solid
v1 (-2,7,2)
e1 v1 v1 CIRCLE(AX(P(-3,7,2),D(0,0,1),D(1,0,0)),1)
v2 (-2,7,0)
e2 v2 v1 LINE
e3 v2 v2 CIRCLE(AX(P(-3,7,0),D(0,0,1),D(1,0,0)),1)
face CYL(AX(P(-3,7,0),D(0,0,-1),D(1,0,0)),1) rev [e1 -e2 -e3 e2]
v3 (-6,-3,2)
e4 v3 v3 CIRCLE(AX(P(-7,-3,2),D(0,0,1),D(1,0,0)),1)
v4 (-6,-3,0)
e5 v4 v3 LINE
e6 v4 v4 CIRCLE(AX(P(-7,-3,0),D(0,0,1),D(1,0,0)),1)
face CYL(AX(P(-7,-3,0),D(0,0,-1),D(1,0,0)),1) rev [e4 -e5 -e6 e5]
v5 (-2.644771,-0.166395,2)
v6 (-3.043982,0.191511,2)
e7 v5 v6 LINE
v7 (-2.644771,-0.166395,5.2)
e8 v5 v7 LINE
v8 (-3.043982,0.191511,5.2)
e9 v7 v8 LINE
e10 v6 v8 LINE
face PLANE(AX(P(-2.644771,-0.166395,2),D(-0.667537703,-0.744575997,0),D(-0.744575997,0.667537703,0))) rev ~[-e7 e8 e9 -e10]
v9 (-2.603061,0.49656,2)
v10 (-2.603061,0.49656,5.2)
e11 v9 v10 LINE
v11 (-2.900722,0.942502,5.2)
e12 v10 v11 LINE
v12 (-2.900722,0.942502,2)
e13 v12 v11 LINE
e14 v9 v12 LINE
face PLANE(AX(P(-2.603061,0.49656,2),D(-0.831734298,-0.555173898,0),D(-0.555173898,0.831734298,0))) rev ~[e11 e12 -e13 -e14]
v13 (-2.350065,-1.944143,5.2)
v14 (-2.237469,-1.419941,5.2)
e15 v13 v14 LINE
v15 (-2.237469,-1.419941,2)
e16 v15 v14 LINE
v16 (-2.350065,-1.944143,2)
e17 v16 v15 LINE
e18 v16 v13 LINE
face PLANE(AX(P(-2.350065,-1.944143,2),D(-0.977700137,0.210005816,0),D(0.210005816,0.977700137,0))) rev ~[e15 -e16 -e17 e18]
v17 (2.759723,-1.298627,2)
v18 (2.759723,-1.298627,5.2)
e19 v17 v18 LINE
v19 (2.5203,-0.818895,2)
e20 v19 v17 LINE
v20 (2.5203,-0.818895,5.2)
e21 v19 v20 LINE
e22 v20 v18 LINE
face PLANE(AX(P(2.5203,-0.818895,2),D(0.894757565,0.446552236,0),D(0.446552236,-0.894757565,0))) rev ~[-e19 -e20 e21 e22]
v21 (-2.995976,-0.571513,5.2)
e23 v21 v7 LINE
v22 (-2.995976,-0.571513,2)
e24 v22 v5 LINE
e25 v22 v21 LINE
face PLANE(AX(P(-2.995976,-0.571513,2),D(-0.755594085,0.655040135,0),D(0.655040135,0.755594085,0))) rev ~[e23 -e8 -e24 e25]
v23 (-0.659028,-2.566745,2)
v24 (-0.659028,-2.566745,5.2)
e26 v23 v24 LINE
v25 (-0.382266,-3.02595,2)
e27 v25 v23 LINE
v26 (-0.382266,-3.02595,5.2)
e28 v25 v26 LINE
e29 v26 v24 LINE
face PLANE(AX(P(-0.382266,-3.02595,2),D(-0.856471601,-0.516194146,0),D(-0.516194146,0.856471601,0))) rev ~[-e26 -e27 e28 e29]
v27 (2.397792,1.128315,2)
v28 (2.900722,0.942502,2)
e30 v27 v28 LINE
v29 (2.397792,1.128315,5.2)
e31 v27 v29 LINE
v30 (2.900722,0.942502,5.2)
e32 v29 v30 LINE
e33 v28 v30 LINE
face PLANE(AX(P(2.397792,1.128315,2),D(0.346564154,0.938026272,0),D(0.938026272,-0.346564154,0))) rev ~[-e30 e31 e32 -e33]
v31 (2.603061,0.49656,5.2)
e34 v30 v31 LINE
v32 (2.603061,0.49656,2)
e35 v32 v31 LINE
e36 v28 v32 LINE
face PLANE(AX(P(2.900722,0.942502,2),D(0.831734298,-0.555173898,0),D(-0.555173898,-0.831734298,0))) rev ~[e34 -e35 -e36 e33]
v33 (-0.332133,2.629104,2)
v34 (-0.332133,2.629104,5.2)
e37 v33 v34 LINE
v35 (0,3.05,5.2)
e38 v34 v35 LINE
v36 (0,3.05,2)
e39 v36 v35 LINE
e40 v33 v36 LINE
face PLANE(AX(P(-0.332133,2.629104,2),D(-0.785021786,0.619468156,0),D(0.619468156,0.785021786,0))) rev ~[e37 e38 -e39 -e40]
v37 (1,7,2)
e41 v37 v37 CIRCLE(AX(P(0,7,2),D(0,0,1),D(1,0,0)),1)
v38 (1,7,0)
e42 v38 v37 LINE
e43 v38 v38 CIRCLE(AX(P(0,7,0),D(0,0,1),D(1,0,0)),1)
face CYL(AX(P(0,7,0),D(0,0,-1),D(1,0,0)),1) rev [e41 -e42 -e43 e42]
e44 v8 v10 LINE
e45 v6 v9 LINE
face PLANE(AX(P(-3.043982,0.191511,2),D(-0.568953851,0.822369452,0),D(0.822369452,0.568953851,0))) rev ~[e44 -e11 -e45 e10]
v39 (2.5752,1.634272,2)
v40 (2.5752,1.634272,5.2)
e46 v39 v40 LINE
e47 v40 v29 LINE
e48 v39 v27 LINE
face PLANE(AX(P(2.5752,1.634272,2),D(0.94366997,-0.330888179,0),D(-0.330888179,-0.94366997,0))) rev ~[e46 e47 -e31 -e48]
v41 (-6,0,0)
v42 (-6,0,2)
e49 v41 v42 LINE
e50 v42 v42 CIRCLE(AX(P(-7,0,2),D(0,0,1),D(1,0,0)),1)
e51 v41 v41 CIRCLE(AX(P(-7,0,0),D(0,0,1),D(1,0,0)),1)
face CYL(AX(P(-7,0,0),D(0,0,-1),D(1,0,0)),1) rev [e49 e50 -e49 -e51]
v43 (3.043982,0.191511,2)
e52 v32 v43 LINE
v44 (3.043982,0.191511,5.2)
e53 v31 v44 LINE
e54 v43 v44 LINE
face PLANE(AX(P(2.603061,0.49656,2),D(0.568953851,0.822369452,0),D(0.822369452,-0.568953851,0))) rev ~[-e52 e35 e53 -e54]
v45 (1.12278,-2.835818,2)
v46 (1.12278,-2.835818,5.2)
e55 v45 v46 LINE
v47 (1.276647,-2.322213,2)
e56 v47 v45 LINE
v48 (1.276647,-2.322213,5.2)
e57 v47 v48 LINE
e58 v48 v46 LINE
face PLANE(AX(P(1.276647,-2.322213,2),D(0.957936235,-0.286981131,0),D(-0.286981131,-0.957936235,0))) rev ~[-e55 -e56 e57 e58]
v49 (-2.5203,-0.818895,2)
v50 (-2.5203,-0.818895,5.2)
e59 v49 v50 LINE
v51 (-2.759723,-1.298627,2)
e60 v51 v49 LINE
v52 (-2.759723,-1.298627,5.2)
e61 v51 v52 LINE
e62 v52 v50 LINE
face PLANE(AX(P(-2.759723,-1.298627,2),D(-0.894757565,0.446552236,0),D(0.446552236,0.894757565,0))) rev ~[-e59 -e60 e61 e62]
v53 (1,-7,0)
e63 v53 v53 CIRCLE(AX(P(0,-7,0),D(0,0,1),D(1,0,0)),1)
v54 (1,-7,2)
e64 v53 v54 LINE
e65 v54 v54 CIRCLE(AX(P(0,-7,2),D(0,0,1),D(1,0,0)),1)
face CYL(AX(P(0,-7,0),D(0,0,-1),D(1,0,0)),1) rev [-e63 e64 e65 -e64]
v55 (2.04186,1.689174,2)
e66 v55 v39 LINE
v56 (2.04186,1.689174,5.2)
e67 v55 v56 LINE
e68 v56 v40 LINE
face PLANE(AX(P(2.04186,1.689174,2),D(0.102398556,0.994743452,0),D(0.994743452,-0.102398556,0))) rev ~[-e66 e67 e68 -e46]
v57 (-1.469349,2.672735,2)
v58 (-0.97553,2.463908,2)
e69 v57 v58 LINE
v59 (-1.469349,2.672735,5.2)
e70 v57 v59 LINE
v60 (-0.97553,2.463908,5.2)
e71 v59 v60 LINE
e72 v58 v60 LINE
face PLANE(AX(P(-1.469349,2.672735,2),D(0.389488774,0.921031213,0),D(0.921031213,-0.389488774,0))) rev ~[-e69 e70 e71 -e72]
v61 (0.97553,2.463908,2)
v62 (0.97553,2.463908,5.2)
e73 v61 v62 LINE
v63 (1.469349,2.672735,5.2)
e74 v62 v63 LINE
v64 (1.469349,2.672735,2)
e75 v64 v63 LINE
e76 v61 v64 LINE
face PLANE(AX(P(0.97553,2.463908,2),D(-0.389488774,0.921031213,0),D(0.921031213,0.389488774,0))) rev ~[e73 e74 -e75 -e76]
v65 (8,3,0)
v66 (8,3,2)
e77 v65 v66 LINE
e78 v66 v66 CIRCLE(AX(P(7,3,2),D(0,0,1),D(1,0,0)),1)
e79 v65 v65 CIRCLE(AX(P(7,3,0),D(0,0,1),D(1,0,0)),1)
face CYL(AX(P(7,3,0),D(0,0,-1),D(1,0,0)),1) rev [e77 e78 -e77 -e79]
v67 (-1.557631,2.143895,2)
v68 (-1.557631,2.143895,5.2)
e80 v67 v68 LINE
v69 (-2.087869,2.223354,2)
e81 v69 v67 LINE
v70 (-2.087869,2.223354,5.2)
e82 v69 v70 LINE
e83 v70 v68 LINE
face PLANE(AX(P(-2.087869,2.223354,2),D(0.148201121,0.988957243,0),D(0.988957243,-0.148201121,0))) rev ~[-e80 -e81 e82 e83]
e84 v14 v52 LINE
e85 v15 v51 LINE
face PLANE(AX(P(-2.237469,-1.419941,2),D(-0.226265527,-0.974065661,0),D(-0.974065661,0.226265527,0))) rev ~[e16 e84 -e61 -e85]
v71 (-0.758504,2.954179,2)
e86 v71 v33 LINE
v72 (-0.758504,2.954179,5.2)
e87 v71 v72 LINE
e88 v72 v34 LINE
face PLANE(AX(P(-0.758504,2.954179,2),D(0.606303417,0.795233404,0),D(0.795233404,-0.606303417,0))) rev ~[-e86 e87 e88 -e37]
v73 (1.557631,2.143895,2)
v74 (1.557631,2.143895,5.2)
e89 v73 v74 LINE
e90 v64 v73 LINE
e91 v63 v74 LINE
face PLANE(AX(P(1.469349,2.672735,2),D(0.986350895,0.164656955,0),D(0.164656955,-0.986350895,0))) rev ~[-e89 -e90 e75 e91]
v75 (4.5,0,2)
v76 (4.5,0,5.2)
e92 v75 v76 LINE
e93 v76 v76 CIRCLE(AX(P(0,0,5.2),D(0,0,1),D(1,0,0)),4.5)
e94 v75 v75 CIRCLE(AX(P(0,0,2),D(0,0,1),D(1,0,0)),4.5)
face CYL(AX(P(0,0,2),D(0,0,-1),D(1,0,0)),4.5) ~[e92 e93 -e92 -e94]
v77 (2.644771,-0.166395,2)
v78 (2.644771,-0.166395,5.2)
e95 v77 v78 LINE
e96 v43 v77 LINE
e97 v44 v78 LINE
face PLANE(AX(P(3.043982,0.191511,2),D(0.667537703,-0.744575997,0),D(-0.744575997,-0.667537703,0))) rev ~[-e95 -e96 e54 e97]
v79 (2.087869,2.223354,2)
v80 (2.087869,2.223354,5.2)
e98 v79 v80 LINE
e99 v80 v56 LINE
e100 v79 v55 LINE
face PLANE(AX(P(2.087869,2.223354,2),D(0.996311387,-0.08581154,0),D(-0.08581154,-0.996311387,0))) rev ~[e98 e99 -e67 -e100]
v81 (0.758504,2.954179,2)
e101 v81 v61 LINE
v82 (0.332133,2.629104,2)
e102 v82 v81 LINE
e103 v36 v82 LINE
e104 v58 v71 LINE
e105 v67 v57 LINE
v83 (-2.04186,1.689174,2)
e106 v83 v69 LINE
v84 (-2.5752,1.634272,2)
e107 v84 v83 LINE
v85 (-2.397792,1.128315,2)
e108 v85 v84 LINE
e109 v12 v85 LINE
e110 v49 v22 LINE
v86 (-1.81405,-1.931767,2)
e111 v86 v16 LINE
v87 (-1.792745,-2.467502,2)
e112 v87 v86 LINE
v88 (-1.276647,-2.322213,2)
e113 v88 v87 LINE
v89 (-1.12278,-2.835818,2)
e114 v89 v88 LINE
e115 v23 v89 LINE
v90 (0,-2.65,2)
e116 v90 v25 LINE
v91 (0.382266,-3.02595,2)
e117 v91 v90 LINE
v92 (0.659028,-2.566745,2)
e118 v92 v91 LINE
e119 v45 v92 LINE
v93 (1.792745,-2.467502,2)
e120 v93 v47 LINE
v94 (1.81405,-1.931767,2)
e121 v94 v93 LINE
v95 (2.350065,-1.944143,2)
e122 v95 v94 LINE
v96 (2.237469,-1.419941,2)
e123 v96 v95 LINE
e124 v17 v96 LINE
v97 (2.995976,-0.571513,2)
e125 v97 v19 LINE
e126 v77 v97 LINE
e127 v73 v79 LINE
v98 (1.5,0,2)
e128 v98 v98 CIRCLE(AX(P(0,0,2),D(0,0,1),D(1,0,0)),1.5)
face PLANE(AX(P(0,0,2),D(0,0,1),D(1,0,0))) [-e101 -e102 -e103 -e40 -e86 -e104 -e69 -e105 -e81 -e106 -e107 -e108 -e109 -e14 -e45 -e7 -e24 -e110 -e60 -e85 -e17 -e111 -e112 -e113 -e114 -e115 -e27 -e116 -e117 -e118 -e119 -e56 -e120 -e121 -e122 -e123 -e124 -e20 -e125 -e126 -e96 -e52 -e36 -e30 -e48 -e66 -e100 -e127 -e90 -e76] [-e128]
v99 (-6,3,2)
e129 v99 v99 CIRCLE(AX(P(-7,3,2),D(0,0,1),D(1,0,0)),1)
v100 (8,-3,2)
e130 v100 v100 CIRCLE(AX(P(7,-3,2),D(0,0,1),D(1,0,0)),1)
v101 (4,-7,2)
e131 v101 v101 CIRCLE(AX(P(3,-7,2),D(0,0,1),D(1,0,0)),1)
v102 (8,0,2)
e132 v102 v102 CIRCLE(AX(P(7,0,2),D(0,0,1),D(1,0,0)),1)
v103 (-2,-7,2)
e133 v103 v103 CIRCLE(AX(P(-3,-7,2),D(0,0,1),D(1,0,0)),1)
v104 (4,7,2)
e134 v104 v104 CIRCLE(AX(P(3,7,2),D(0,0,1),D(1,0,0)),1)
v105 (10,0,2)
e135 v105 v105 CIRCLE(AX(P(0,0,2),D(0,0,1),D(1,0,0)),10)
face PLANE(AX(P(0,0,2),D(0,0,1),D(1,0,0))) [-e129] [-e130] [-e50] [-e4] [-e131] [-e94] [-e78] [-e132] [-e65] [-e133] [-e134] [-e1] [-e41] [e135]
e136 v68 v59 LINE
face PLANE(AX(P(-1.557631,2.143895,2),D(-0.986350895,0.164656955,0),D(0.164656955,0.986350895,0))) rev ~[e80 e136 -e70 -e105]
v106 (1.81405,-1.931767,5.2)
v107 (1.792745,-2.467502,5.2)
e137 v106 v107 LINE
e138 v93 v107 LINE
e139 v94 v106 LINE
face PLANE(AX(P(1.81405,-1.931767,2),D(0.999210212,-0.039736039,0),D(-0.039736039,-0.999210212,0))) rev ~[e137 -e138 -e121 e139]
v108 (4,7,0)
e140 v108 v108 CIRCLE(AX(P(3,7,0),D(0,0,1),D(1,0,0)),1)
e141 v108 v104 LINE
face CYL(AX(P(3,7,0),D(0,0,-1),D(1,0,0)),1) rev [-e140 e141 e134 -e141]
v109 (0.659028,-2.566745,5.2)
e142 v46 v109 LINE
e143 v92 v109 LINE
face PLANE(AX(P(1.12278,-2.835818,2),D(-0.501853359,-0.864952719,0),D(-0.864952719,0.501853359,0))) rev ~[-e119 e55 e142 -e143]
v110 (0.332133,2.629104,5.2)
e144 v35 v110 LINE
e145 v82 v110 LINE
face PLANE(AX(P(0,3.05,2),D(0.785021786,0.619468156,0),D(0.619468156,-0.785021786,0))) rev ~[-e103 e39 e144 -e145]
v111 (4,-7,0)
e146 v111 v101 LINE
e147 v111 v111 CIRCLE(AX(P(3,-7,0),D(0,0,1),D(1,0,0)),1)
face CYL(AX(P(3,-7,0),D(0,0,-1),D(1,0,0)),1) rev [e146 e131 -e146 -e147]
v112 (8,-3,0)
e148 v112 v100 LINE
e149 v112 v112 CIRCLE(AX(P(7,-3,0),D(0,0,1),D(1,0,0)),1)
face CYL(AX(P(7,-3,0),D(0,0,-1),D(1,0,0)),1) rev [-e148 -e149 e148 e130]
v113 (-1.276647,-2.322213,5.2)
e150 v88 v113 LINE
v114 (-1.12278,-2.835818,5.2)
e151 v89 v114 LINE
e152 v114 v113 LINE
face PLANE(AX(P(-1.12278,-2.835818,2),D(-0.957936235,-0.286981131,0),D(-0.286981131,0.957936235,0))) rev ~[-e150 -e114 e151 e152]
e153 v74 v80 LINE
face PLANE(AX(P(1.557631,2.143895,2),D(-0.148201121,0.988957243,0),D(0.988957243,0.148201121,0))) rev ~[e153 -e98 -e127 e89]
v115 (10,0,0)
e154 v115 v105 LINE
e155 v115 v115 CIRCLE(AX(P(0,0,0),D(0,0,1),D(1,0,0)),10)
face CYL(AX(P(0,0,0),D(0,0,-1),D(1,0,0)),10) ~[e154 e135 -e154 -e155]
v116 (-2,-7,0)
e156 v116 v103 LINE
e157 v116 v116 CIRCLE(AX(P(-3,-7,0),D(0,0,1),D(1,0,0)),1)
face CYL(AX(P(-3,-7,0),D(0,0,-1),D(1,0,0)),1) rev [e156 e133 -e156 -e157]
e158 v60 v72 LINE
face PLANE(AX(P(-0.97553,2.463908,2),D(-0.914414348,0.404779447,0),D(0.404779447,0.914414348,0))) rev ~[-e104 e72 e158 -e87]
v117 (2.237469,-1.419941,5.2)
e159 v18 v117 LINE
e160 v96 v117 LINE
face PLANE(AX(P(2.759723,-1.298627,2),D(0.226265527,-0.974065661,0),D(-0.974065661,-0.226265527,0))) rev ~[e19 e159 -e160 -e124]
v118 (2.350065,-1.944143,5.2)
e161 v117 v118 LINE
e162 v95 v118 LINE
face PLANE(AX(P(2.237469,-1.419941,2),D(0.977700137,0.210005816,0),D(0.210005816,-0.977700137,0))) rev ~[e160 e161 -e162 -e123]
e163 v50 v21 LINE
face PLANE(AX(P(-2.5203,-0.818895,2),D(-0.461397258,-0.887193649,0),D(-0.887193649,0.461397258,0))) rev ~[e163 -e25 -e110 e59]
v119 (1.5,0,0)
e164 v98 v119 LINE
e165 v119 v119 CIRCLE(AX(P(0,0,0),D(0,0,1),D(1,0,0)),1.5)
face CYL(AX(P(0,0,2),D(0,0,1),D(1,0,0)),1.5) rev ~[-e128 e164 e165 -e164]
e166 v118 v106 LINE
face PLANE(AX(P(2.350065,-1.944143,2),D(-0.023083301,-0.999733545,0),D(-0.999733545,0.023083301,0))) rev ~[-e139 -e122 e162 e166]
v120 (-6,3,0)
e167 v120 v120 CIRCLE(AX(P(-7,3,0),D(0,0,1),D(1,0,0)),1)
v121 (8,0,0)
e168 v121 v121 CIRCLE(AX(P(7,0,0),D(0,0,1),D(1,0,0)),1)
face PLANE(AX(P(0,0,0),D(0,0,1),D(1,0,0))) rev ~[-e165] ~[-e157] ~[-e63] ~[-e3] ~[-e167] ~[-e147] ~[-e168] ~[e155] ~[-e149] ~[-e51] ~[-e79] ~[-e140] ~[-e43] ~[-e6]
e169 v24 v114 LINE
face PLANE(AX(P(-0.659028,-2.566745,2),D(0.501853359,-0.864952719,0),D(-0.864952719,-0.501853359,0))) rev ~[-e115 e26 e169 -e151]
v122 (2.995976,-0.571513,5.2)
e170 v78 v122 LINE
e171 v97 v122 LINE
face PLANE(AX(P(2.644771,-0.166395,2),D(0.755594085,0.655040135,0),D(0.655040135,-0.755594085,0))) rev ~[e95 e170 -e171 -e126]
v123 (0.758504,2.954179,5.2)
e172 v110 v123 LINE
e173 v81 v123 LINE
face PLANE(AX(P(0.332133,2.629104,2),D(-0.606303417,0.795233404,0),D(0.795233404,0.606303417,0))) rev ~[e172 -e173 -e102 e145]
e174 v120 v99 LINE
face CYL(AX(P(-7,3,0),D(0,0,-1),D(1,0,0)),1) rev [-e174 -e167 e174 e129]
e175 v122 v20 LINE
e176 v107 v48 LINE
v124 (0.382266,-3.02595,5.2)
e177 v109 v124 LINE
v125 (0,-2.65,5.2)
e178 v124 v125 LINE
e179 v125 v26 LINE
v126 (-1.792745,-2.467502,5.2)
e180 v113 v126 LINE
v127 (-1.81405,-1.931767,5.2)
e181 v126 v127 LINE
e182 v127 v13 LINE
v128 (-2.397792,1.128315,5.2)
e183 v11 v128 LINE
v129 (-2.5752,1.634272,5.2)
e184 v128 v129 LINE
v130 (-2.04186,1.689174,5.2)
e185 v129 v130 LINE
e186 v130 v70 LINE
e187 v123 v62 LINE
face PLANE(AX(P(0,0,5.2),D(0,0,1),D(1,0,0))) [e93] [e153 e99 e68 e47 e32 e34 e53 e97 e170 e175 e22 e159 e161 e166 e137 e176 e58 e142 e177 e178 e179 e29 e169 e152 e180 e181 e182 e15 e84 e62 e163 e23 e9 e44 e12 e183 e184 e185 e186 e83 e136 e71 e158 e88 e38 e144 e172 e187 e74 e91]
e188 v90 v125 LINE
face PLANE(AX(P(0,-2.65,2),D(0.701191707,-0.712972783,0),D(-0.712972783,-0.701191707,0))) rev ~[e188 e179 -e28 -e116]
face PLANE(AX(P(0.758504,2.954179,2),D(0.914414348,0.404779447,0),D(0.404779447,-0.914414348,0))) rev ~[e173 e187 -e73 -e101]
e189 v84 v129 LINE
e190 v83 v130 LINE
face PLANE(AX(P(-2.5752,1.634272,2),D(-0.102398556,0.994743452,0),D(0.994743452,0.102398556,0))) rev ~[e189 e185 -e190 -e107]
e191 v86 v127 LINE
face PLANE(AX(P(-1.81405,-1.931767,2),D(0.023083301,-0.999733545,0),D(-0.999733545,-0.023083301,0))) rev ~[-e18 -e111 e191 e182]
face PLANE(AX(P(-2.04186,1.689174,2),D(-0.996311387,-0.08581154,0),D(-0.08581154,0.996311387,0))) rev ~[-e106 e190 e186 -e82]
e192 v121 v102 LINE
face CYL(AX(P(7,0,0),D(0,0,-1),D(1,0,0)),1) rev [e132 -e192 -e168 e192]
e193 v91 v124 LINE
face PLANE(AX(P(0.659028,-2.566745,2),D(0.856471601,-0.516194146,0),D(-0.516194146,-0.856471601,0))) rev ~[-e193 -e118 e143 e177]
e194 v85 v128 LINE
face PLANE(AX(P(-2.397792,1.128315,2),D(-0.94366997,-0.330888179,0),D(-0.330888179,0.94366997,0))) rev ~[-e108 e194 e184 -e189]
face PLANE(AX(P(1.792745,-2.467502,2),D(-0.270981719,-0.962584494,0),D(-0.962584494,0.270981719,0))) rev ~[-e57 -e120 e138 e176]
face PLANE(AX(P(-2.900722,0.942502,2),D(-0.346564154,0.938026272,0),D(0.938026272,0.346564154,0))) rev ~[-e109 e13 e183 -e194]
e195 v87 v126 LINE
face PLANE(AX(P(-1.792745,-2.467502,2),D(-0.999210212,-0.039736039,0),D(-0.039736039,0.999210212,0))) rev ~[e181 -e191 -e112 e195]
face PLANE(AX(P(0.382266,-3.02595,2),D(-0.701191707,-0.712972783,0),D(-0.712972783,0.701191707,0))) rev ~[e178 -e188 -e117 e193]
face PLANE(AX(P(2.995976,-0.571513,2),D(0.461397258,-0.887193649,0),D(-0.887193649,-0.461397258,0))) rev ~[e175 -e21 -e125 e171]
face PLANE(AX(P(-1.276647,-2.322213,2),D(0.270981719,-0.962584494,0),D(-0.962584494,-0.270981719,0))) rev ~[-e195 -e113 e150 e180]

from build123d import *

# Parameters (mm, degrees)
SKETCH1_R           = 10
SKETCH1_R_2         = 1
BOSS_EXTRUDE1_DEPTH = 2
SKETCH2_R           = 4.5
BOSS_EXTRUDE2_DEPTH = 3.2
SKETCH4_R           = 1.5
CUT_EXTRUDE1_DEPTH  = 2


with BuildPart() as part:
    # Sketch1 → Boss-Extrude1 (new body)
    with BuildSketch(Plane.XY):
        Circle(SKETCH1_R)
        with Locations((0, 7)):
            Circle(SKETCH1_R_2, mode=Mode.SUBTRACT)
        with Locations((-3, 7)):
            Circle(SKETCH1_R_2, mode=Mode.SUBTRACT)
        with Locations((3, 7)):
            Circle(SKETCH1_R_2, mode=Mode.SUBTRACT)
        with Locations((7, 0)):
            Circle(SKETCH1_R_2, mode=Mode.SUBTRACT)
        with Locations((7, -3)):
            Circle(SKETCH1_R_2, mode=Mode.SUBTRACT)
        with Locations((7, 3)):
            Circle(SKETCH1_R_2, mode=Mode.SUBTRACT)
        with Locations((0, -7)):
            Circle(SKETCH1_R_2, mode=Mode.SUBTRACT)
        with Locations((-3, -7)):
            Circle(SKETCH1_R_2, mode=Mode.SUBTRACT)
        with Locations((3, -7)):
            Circle(SKETCH1_R_2, mode=Mode.SUBTRACT)
        with Locations((-7, 0)):
            Circle(SKETCH1_R_2, mode=Mode.SUBTRACT)
        with Locations((-7, 3)):
            Circle(SKETCH1_R_2, mode=Mode.SUBTRACT)
        with Locations((-7, -3)):
            Circle(SKETCH1_R_2, mode=Mode.SUBTRACT)
    extrude(amount=BOSS_EXTRUDE1_DEPTH)

    # Sketch2 → Boss-Extrude2 (add)
    with BuildSketch(Plane.XY.offset(2)):
        Circle(SKETCH2_R)
        Polygon((0.758504156, 2.954178641), (0.975530065, 2.463907688), (1.469348706, 2.672735374), (1.557630919, 2.143895035), (2.087868673, 2.223354314), (2.041860093, 1.689173573), (2.575200173, 1.634271725), (2.397791689, 1.128315123), (2.900722375, 0.942501833), (2.603061214, 0.496560484), (3.043981522, 0.191511085), (2.64477083, -0.166394877), (2.995976115, -0.571513009), (2.520299768, -0.818895035), (2.75972251, -1.298626839), (2.237469003, -1.419941007), (2.35006539, -1.944143169), (1.814049831, -1.931766863), (1.792745019, -2.467501833), (1.276647236, -2.322212702), (1.122779886, -2.835818282), (0.659028201, -2.566745377), (0.382266362, -3.025949839), (0, -2.65), (-0.382266362, -3.025949839), (-0.659028201, -2.566745377), (-1.122779886, -2.835818282), (-1.276647236, -2.322212702), (-1.792745019, -2.467501833), (-1.814049831, -1.931766863), (-2.35006539, -1.944143169), (-2.237469003, -1.419941007), (-2.75972251, -1.298626839), (-2.520299768, -0.818895035), (-2.995976115, -0.571513009), (-2.64477083, -0.166394877), (-3.043981522, 0.191511085), (-2.603061214, 0.496560484), (-2.900722375, 0.942501833), (-2.397791689, 1.128315123), (-2.575200173, 1.634271725), (-2.041860093, 1.689173573), (-2.087868673, 2.223354314), (-1.557630919, 2.143895035), (-1.469348706, 2.672735374), (-0.975530065, 2.463907688), (-0.758504156, 2.954178641), (-0.332133069, 2.629103958), (0, 3.05), (0.332133069, 2.629103958), align=None, mode=Mode.SUBTRACT)
    extrude(amount=BOSS_EXTRUDE2_DEPTH)

    # Sketch4 → Cut-Extrude1 (cut)
    with BuildSketch(Plane.XY.offset(2)):
        Circle(SKETCH4_R)
    extrude(amount=-CUT_EXTRUDE1_DEPTH, mode=Mode.SUBTRACT)


solid = part.part
